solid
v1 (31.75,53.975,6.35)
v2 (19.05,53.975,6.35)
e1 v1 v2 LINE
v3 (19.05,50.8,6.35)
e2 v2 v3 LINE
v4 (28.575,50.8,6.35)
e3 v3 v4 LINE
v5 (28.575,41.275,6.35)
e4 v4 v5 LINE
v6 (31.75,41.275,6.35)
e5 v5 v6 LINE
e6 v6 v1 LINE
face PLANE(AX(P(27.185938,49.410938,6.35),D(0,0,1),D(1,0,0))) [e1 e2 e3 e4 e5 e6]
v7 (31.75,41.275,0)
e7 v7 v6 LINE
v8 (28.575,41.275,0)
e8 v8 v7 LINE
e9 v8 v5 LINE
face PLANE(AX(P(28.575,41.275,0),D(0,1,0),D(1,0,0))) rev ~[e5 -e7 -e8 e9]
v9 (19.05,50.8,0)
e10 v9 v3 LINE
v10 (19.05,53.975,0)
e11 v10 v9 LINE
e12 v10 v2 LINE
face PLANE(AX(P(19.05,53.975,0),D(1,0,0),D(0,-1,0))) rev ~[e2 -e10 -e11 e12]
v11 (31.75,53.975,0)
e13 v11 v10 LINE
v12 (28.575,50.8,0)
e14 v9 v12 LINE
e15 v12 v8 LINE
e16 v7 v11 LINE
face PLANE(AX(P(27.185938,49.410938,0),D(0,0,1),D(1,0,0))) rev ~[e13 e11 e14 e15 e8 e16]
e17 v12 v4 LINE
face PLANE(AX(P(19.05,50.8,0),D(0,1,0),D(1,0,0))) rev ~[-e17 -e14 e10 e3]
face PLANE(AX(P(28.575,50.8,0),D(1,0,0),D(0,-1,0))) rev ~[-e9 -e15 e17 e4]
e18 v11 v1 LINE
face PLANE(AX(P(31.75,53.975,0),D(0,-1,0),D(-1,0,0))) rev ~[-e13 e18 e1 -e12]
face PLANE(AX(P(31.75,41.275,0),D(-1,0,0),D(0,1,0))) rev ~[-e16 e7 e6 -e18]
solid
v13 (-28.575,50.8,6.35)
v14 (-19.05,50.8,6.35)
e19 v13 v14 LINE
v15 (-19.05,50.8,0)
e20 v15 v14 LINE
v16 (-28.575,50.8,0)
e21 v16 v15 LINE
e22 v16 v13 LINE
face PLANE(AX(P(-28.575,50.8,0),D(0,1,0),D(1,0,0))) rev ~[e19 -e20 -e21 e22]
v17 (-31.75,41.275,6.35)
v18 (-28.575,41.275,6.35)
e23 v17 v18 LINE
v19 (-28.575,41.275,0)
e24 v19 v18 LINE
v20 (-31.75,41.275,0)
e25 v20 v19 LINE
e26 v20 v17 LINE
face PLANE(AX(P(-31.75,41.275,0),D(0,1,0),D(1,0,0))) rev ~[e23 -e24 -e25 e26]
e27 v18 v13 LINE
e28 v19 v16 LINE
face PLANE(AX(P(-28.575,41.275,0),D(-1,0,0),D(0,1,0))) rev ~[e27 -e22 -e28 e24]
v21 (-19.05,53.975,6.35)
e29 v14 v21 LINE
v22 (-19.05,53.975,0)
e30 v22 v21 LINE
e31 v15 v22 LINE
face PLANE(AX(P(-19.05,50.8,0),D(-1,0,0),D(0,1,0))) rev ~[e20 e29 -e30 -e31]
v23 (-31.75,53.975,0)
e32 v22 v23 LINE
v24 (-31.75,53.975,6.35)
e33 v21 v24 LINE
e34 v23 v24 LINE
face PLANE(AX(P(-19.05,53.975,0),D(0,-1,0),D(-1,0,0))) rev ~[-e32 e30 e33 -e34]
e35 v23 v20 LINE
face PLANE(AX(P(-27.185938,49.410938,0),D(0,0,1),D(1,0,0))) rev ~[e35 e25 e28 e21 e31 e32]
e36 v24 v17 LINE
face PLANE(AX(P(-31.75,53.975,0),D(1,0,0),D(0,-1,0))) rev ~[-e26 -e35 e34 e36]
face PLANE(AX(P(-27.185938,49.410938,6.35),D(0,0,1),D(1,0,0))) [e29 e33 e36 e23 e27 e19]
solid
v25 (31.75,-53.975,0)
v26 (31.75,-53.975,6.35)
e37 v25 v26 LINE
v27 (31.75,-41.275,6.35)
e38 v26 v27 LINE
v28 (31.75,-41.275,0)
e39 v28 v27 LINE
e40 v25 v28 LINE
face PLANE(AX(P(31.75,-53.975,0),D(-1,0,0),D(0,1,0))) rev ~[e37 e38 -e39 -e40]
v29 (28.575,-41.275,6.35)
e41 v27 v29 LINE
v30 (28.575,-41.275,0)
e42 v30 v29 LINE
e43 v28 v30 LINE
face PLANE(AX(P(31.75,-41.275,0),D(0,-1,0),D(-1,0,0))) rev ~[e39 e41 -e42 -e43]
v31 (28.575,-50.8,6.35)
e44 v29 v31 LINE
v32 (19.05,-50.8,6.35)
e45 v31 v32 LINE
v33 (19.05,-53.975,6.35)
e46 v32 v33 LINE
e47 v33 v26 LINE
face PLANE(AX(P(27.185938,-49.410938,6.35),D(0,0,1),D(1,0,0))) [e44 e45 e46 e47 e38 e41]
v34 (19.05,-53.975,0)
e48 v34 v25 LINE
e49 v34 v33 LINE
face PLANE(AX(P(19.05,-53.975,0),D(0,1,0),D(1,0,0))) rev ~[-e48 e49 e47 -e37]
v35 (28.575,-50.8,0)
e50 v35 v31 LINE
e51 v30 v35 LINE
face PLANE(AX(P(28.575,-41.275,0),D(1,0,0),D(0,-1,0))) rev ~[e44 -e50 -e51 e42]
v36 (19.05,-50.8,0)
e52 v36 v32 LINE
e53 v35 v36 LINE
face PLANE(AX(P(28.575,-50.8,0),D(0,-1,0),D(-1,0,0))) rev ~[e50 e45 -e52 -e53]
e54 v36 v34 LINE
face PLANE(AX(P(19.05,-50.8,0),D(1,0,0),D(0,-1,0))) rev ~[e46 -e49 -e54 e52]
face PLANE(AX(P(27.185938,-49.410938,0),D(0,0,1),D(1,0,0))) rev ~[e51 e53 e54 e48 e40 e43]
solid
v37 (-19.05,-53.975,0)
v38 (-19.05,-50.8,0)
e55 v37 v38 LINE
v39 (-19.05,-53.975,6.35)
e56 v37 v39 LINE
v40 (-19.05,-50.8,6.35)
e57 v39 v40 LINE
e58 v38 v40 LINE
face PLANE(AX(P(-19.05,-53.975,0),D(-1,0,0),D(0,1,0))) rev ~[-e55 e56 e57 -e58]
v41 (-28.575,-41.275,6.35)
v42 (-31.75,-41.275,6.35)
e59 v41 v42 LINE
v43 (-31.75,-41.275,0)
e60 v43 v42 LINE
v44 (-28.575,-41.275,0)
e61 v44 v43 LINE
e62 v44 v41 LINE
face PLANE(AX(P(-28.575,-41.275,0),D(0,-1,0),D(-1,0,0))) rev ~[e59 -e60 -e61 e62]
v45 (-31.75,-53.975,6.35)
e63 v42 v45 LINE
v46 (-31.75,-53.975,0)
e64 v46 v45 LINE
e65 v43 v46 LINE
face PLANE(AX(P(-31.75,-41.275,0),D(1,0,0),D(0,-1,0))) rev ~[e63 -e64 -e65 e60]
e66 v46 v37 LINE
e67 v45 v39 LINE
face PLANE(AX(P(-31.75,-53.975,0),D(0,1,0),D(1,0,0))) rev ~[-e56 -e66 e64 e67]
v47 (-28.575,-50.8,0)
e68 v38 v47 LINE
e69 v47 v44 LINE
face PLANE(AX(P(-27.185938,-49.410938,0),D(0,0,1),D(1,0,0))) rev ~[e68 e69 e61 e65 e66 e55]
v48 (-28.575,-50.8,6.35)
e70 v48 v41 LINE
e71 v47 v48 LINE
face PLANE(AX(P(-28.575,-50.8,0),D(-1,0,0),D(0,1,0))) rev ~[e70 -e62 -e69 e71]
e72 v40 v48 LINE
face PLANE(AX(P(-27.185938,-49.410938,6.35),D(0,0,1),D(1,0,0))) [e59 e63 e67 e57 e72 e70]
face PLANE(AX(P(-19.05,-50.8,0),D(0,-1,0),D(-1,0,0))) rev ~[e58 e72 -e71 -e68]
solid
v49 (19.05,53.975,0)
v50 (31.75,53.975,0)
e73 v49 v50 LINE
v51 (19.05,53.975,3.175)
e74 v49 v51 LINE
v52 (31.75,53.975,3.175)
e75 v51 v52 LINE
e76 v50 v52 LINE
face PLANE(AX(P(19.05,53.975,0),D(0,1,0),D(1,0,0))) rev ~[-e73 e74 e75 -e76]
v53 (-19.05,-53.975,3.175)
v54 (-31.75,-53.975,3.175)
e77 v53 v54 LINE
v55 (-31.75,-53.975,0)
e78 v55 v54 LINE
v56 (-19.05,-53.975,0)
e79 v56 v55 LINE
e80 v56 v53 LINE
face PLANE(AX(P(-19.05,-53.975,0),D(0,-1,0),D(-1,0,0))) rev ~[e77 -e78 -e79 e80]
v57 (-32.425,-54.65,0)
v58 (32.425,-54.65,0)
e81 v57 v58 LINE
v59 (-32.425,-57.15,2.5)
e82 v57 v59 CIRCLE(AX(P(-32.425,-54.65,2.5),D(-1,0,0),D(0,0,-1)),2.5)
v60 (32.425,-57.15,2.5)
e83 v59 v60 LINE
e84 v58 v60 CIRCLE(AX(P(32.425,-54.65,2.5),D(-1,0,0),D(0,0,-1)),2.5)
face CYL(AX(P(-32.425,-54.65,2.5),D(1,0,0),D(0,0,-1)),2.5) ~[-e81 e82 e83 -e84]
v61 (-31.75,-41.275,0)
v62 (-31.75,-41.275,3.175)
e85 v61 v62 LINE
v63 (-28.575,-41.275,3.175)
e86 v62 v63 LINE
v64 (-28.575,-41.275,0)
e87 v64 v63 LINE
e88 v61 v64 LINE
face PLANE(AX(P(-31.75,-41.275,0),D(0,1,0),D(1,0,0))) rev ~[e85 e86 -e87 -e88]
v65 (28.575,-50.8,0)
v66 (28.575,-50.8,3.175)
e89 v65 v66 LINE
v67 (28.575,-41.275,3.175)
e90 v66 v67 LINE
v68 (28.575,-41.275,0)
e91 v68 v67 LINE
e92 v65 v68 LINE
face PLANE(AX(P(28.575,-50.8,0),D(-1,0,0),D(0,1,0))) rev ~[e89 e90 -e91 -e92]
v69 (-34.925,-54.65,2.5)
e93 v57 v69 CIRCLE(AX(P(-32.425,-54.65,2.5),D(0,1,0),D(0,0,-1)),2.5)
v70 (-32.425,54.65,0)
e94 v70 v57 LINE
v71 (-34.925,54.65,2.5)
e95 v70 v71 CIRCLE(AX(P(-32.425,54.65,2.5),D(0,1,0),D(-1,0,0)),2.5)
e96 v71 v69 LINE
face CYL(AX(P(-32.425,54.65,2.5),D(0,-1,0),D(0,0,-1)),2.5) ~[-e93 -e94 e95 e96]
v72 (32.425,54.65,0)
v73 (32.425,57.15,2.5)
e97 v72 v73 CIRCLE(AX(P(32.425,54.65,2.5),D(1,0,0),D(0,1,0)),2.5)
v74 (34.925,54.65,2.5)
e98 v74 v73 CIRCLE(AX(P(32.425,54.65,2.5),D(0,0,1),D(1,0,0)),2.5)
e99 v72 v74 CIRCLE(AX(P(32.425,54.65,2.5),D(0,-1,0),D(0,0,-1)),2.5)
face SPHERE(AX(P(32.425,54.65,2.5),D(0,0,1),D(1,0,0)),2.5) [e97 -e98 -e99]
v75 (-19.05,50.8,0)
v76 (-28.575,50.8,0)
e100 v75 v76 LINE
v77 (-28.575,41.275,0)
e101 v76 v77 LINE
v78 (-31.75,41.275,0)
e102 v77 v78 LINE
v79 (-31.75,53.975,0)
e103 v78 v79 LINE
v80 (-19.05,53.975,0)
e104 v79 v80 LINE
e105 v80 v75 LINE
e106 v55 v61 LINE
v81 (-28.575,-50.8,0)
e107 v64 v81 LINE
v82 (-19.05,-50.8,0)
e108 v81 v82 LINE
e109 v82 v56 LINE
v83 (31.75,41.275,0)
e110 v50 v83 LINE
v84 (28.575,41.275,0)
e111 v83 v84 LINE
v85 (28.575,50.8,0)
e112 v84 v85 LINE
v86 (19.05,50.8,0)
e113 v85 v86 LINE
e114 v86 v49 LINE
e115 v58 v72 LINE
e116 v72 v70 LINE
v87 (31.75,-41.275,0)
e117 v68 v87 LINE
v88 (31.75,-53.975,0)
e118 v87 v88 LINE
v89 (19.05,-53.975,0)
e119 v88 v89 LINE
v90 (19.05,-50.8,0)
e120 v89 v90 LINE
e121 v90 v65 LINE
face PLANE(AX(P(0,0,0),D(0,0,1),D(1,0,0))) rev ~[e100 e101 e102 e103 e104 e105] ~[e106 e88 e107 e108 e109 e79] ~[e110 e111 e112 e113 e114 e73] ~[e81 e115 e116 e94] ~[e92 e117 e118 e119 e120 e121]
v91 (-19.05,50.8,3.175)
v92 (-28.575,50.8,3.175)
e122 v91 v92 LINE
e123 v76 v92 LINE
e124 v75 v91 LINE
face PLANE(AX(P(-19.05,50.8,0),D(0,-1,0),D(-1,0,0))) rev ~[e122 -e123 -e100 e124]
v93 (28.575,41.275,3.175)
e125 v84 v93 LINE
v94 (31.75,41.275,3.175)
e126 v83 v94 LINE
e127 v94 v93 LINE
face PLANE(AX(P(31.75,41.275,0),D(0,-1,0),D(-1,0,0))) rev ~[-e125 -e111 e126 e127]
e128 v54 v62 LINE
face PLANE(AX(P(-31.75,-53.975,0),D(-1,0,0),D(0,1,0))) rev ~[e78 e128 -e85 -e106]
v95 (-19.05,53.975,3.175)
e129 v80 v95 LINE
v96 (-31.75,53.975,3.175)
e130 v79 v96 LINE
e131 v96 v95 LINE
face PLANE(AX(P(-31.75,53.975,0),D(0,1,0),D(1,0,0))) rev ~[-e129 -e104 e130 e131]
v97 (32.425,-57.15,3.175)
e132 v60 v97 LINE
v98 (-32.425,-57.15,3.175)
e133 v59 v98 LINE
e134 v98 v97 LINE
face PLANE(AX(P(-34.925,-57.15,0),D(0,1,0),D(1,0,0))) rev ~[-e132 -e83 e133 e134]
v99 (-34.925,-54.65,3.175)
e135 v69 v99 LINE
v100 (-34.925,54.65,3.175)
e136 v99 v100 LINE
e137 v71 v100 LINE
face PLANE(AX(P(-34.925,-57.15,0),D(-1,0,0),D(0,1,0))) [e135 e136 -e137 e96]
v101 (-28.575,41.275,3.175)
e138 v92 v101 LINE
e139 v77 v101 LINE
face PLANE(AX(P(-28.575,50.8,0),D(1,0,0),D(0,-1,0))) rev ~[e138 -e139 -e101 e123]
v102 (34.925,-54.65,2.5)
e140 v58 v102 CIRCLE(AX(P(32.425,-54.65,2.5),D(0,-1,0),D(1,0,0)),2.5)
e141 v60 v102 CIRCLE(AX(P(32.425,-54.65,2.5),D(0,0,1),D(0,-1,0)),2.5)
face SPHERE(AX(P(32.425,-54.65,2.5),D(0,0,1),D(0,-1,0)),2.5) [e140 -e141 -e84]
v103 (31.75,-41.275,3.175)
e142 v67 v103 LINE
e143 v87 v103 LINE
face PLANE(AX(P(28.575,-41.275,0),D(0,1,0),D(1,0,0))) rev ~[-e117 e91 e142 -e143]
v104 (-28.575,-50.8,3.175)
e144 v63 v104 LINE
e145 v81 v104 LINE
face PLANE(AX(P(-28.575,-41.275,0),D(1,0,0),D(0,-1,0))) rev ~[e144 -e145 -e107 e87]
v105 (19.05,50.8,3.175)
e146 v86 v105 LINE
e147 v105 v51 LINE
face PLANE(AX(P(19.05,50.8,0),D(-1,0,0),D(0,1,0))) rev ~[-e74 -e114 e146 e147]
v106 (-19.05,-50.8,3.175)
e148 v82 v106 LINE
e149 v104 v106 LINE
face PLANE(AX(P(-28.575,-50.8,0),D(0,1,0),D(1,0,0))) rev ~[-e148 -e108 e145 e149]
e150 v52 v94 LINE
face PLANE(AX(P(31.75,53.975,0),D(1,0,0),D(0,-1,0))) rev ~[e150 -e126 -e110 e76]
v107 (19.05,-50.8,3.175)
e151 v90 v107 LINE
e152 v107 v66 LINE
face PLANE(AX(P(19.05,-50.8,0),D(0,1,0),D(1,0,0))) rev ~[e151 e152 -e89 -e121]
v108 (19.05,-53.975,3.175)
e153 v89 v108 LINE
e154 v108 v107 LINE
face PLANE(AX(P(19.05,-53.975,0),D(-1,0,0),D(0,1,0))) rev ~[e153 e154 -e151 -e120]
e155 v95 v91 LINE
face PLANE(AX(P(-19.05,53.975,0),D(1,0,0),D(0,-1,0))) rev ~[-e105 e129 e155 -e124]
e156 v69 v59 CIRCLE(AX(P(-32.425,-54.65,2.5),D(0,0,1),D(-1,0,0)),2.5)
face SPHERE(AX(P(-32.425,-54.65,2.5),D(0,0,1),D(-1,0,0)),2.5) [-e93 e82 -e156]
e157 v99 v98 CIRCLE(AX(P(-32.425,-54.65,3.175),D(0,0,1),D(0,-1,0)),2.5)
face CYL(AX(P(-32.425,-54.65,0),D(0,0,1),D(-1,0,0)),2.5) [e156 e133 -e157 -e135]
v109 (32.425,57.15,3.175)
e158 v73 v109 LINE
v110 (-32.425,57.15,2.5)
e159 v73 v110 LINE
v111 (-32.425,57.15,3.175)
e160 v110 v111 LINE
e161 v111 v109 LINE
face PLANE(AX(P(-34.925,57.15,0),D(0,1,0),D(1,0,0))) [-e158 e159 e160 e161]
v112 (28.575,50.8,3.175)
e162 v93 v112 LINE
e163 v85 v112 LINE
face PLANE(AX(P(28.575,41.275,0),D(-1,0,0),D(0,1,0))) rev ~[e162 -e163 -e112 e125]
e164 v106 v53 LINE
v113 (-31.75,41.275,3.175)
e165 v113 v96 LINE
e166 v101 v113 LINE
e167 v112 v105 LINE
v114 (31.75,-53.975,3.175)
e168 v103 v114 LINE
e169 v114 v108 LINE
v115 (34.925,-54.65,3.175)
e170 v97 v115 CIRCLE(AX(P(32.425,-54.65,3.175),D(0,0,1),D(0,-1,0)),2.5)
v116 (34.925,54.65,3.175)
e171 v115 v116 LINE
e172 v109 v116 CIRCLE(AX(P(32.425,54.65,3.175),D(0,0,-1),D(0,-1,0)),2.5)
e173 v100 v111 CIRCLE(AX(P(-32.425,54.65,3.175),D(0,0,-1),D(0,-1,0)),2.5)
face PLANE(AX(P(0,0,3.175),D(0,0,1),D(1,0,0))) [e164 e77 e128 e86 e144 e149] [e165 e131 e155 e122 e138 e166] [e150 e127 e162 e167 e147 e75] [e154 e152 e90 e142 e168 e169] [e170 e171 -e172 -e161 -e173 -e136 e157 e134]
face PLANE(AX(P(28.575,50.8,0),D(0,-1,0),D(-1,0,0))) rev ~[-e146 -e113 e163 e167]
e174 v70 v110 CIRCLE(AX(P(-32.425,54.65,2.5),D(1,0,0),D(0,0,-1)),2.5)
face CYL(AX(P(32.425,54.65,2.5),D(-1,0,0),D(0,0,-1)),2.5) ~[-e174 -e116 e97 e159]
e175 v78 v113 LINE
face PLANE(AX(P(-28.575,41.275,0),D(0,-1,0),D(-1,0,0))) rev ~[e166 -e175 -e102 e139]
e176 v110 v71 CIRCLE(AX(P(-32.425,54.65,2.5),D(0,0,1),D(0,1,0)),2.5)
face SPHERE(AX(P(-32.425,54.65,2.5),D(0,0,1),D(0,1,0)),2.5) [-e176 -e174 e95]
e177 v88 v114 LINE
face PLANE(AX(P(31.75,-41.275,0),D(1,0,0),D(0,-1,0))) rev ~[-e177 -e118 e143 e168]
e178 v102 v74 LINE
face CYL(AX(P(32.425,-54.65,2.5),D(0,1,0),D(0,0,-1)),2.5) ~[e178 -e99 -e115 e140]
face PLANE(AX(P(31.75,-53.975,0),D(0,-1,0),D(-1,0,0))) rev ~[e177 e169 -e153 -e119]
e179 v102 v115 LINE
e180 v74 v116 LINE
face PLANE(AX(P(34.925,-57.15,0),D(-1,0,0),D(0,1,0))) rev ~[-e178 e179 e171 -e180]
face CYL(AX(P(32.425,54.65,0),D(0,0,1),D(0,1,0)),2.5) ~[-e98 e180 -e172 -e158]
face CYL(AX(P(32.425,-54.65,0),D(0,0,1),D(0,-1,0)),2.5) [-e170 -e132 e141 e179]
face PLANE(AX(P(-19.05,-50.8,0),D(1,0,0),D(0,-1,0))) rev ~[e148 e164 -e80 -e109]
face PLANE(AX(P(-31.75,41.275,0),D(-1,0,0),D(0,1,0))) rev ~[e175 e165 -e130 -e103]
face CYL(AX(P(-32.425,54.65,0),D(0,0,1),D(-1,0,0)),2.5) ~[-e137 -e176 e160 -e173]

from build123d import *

# Parameters (mm, degrees)
F1_DEPTH = 6.35
F0_W     = 69.85
F0_H     = 114.3
F2_DEPTH = 3.175
F3_R     = 2.5
F4_R     = 2.5


with BuildPart() as f1:
    # F0 (on Top) → F1 (new body)
    with BuildSketch(Plane.XY):
        Polygon((-19.05, 53.975), (-31.75, 53.975), (-31.75, 41.275), (-28.575, 41.275), (-28.575, 50.8), (-19.05, 50.8), align=None)
    extrude(amount=F1_DEPTH)


with BuildPart() as f1b:
    # F0 (on Top) → F1, piece 2 (new body)
    with BuildSketch(Plane.XY):
        Polygon((31.75, 41.275), (31.75, 53.975), (19.05, 53.975), (19.05, 50.8), (28.575, 50.8), (28.575, 41.275), align=None)
    extrude(amount=F1_DEPTH)


with BuildPart() as f1c:
    # F0 (on Top) → F1, piece 3 (new body)
    with BuildSketch(Plane.XY):
        Polygon((31.75, -41.275), (28.575, -41.275), (28.575, -50.8), (19.05, -50.8), (19.05, -53.975), (31.75, -53.975), align=None)
    extrude(amount=F1_DEPTH)


with BuildPart() as f1d:
    # F0 (on Top) → F1, piece 4 (new body)
    with BuildSketch(Plane.XY):
        Polygon((-31.75, -41.275), (-31.75, -53.975), (-19.05, -53.975), (-19.05, -50.8), (-28.575, -50.8), (-28.575, -41.275), align=None)
    extrude(amount=F1_DEPTH)


with BuildPart() as f2:
    # F0 (on Top) → F2 (new body)
    with BuildSketch(Plane.XY):
        Rectangle(F0_W, F0_H)
        Polygon((-19.05, -53.975), (-31.75, -53.975), (-31.75, -41.275), (-28.575, -41.275), (-28.575, -50.8), (-19.05, -50.8), align=None, mode=Mode.SUBTRACT)
        Polygon((28.575, -50.8), (28.575, -41.275), (31.75, -41.275), (31.75, -53.975), (19.05, -53.975), (19.05, -50.8), align=None, mode=Mode.SUBTRACT)
        Polygon((-31.75, 41.275), (-31.75, 53.975), (-19.05, 53.975), (-19.05, 50.8), (-28.575, 50.8), (-28.575, 41.275), align=None, mode=Mode.SUBTRACT)
        Polygon((19.05, 53.975), (31.75, 53.975), (31.75, 41.275), (28.575, 41.275), (28.575, 50.8), (19.05, 50.8), align=None, mode=Mode.SUBTRACT)
    extrude(amount=F2_DEPTH)

    # F3
    f3_edges = [f2.edges().sort_by_distance(p)[0] for p in [
        (-34.925, -57.15, 1.5875),
        (-34.925, 57.15, 1.5875),
        (34.925, 57.15, 1.5875),
        (34.925, -57.15, 1.5875),
    ]]
    fillet(f3_edges, radius=F3_R)

    # F4
    f4_edges = [f2.edges().sort_by_distance(p)[0] for p in [
        (0, -57.15, 0),
        (34.192767, -56.417767, 0),
        (34.925, 0, 0),
        (34.192767, 56.417767, 0),
        (-34.925, 0, 0),
        (-34.192767, -56.417767, 0),
        (0, 57.15, 0),
        (-34.192767, 56.417767, 0),
    ]]
    fillet(f4_edges, radius=F4_R)


solid = Compound([f1.part, f1b.part, f1c.part, f1d.part, f2.part])
